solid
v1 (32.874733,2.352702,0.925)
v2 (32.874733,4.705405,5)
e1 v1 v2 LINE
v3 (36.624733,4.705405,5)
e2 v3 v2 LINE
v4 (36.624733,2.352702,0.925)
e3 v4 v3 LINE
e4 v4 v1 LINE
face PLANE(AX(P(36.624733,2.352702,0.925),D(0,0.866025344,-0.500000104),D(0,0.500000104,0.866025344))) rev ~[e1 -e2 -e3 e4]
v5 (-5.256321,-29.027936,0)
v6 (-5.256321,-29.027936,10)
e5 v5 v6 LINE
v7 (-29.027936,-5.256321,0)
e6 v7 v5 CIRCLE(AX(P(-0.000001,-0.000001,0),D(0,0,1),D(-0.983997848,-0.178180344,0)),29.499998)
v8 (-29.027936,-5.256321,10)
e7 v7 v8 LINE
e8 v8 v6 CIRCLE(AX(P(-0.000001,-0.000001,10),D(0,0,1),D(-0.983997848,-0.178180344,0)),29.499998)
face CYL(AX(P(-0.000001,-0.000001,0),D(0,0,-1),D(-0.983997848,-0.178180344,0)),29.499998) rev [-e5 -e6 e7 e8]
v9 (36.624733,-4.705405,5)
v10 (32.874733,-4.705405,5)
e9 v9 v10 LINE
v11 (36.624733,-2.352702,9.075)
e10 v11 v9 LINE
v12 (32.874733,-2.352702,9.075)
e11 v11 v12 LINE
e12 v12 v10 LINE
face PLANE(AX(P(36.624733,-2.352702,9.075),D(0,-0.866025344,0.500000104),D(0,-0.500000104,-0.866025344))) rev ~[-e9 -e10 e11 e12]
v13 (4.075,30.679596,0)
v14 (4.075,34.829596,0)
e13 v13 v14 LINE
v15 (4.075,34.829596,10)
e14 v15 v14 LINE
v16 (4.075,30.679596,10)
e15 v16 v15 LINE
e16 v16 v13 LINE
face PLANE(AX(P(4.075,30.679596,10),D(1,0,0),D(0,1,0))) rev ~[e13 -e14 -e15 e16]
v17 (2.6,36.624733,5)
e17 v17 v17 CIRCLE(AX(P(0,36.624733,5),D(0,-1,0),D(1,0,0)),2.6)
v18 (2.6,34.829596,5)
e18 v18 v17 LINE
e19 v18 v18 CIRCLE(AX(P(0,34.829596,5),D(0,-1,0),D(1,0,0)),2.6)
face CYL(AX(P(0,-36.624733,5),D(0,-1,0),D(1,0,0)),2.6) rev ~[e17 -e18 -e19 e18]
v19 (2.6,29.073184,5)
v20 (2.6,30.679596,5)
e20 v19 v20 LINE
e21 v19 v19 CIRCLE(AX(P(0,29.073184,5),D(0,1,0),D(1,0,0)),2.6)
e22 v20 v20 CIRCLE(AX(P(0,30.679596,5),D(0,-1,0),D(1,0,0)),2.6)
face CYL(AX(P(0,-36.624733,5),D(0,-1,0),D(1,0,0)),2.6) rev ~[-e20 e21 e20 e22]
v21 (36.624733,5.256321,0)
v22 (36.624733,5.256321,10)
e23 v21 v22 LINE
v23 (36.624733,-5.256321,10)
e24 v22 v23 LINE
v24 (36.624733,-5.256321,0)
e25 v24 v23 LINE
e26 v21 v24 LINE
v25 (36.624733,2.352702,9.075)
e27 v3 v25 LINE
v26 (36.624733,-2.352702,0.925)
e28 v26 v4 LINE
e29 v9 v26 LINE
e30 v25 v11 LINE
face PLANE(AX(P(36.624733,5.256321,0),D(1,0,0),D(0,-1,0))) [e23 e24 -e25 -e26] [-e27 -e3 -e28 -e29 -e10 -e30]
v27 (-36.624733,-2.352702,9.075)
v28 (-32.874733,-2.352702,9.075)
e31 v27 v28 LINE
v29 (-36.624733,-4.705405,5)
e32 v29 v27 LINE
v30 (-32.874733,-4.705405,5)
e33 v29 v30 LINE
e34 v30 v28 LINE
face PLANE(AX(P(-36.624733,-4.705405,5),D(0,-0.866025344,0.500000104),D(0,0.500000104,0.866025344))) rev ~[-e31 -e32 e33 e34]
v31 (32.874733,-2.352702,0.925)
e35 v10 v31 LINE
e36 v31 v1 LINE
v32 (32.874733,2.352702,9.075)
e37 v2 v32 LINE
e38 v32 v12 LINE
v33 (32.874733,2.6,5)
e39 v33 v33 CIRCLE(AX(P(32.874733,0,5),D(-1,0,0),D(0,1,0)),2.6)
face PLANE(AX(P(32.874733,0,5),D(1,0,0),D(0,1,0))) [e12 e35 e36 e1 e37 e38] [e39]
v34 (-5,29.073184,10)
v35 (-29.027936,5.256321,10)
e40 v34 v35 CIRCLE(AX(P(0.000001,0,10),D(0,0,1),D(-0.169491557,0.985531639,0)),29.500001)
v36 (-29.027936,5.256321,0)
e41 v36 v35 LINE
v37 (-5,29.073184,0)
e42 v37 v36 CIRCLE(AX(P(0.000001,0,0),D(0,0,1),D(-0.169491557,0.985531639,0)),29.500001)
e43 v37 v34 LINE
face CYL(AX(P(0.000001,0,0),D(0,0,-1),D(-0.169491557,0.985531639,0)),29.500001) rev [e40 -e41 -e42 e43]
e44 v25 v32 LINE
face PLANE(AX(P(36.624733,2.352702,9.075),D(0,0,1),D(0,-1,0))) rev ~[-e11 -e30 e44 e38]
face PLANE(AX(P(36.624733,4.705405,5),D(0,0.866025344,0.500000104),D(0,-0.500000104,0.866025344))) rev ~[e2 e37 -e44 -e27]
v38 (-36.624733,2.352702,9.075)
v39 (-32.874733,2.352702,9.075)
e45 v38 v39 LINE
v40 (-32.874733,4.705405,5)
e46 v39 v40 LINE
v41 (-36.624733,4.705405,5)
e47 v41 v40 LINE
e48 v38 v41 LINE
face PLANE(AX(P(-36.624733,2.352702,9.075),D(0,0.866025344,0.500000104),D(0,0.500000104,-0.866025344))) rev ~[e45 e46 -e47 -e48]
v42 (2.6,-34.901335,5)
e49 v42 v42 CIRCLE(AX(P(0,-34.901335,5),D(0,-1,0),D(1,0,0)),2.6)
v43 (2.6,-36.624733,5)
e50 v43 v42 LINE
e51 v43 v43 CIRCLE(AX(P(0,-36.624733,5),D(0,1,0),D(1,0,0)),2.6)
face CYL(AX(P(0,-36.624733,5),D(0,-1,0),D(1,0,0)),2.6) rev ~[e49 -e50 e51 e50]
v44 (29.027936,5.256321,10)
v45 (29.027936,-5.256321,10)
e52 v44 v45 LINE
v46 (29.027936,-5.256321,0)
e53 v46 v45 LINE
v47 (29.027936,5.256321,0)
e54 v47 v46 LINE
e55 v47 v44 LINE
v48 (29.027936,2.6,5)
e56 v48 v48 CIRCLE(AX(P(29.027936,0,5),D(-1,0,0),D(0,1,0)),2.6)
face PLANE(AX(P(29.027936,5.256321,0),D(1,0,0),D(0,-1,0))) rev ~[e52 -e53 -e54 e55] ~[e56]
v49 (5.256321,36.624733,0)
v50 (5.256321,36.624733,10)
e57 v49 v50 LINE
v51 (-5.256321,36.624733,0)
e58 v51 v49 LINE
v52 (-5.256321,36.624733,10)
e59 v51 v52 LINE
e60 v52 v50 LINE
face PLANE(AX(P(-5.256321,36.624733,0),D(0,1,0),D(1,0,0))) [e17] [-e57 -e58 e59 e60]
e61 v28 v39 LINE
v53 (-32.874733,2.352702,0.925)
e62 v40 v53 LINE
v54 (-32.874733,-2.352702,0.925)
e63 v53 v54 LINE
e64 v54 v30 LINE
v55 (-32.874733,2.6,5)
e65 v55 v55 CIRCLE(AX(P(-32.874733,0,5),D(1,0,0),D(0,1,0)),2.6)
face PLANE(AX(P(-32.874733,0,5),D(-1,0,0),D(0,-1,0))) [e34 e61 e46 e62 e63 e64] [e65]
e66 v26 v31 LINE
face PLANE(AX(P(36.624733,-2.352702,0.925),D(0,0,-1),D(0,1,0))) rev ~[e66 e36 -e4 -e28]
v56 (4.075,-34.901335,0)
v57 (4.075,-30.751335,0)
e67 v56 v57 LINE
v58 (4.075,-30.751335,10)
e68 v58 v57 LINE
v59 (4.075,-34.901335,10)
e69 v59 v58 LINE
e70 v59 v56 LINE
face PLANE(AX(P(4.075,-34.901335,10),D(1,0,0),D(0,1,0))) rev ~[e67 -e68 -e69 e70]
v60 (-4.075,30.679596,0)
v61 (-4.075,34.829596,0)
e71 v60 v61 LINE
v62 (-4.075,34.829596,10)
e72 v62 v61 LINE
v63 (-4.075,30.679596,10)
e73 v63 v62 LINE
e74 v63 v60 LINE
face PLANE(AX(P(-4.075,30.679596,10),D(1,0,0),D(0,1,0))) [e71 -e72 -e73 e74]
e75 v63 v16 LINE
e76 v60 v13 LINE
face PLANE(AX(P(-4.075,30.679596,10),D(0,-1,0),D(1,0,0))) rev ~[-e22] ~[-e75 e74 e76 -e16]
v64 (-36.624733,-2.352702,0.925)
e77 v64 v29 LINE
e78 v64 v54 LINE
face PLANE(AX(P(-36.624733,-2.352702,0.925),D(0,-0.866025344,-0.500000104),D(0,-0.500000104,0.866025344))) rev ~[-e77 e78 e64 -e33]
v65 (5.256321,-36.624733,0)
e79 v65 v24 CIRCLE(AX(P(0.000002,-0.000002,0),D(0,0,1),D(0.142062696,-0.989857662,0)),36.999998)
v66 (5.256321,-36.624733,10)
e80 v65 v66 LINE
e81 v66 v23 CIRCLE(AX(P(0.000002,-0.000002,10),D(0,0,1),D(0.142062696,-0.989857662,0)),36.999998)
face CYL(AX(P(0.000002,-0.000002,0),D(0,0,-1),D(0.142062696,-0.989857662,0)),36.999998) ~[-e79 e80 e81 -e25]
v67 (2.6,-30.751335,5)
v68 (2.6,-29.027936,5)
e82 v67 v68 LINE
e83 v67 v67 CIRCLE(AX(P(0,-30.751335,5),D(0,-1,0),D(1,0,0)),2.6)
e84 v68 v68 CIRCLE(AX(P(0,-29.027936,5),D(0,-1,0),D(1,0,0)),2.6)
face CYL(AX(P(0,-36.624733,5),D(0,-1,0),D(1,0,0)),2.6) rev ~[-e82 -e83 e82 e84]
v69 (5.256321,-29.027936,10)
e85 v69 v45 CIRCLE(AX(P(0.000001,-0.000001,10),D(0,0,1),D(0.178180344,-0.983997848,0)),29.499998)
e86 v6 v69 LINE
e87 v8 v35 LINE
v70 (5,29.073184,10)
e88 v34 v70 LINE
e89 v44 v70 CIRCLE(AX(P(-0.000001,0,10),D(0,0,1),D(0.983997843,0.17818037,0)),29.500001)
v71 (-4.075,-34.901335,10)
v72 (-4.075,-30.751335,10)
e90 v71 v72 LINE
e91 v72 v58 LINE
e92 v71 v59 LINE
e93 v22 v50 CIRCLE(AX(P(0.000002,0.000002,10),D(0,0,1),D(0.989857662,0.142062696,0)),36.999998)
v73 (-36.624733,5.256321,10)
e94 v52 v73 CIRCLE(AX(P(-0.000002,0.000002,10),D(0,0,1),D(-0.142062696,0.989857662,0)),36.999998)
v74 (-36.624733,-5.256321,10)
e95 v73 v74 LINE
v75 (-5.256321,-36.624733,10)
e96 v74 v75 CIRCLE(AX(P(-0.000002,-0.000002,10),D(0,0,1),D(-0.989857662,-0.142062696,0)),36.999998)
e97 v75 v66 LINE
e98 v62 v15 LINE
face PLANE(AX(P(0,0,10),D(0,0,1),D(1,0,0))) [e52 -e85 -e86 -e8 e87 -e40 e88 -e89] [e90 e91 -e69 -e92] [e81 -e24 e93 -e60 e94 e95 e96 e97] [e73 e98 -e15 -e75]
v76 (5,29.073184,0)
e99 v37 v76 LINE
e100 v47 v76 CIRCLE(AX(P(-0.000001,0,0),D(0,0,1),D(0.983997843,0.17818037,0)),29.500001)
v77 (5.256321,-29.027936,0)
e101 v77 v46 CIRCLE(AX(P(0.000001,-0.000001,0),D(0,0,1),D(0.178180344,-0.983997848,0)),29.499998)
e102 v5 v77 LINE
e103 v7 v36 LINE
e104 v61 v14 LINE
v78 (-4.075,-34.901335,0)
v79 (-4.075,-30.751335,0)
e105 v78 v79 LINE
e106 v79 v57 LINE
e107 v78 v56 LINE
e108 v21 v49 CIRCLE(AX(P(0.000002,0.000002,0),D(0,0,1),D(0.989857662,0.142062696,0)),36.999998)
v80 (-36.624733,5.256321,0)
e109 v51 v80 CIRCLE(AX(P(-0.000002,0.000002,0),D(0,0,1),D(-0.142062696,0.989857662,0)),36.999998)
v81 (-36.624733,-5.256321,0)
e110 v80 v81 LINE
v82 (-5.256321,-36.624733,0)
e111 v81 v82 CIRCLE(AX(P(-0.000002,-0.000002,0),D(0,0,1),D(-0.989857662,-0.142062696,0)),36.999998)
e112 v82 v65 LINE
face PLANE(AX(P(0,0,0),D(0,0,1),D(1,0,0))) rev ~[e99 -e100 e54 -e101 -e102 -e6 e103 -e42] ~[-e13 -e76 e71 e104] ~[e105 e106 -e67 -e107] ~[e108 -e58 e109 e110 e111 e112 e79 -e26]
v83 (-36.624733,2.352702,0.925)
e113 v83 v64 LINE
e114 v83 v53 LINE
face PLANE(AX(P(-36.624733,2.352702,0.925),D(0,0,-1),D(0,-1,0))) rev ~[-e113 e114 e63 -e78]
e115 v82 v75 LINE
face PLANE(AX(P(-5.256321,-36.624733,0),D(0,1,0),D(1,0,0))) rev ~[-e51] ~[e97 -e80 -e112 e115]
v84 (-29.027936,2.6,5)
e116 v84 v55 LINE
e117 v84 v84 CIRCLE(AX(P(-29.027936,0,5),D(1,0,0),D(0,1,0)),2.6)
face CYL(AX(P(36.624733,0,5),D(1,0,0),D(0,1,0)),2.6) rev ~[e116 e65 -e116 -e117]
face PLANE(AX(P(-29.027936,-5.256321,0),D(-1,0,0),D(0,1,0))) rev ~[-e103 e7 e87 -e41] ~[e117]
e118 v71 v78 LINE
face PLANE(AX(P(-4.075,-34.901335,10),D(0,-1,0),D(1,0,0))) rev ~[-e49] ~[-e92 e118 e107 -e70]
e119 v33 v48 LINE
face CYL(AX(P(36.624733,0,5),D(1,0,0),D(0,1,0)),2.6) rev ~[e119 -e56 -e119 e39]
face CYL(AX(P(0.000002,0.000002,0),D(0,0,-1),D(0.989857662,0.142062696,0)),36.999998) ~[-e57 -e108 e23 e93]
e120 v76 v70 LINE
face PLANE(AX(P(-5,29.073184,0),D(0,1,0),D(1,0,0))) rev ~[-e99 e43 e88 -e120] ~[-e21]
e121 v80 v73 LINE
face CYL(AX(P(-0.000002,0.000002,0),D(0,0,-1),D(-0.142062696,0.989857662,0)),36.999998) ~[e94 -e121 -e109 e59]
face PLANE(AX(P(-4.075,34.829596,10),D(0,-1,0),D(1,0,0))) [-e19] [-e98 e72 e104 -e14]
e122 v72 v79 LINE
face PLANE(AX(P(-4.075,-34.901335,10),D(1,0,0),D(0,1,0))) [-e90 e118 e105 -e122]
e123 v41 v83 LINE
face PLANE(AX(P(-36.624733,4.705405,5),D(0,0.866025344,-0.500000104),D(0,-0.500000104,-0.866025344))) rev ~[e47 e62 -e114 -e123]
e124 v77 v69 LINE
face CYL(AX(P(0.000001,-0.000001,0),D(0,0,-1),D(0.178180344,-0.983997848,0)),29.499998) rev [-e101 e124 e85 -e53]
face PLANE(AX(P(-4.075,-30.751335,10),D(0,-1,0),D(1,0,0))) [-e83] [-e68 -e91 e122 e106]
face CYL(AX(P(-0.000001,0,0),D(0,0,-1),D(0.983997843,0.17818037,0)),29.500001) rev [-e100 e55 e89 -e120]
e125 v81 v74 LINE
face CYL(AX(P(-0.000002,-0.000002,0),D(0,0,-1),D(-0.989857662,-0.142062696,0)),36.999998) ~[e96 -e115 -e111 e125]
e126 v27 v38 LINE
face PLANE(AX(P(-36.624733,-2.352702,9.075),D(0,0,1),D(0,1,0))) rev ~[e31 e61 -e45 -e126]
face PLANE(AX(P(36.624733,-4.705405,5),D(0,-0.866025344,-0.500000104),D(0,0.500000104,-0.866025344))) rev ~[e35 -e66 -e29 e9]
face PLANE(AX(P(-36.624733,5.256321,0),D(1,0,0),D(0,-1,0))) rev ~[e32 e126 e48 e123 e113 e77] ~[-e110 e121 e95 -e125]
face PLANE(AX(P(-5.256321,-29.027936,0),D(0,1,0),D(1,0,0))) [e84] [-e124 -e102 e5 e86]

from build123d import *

# Parameters (mm, degrees)
PAD008_DEPTH          = 10
SKETCH025_R           = 2.6
POCKET015_DEPTH       = 73.249467
POCKET016_DEPTH       = 3.75
POLARPATTERN005_COUNT = 2
POLARPATTERN006_COUNT = 4
SKETCH026_W           = 8.15
SKETCH026_H           = 4.15
POCKET017_DEPTH       = 10


with BuildPart() as part:
    # Sketch023 → Pad008 (new body)
    with BuildSketch(Plane.XY):
        with BuildLine():
            Line((-36.624733, 5.256321), (-36.624733, -5.256321))
            ThreePointArc((-36.624733, -5.256321), (-26.162951, -26.162951), (-5.256321, -36.624733))
            Line((-5.256321, -36.624733), (5.256321, -36.624733))
            ThreePointArc((5.256321, -36.624733), (26.162951, -26.162951), (36.624733, -5.256321))
            Line((36.624733, 5.256321), (36.624733, -5.256321))
            ThreePointArc((36.624733, 5.256321), (26.162951, 26.162951), (5.256321, 36.624733))
            Line((-5.256321, 36.624733), (5.256321, 36.624733))
            ThreePointArc((-5.256321, 36.624733), (-26.162951, 26.162951), (-36.624733, 5.256321))
        make_face()
        with BuildLine():
            Line((-29.027936, -5.256321), (-29.027936, 5.256321))
            ThreePointArc((-5, 29.073184), (-20.767423, 20.951471), (-29.027936, 5.256321))
            Line((-5, 29.073184), (5, 29.073184))
            ThreePointArc((29.027936, 5.256321), (20.767423, 20.951471), (5, 29.073184))
            Line((29.027936, 5.256321), (29.027936, -5.256321))
            ThreePointArc((5.256321, -29.027936), (20.85965, -20.85965), (29.027936, -5.256321))
            Line((-5.256321, -29.027936), (5.256321, -29.027936))
            ThreePointArc((-29.027936, -5.256321), (-20.85965, -20.85965), (-5.256321, -29.027936))
        make_face(mode=Mode.SUBTRACT)
    extrude(amount=PAD008_DEPTH)

    # Sketch025 (on Face4 of Pad008) → Pocket015 (cut)
    with BuildSketch(Plane.XZ.offset(36.624733)):
        with Locations((0, 5)):
            Circle(SKETCH025_R)
    pocket015 = extrude(amount=-POCKET015_DEPTH, mode=Mode.SUBTRACT)

    # Sketch024 (on Face6 of Pad008) → Pocket016 (cut)
    with BuildSketch(Plane.YZ.offset(36.624733)):
        Polygon((4.705405, 5), (2.352702, 9.075), (-2.352702, 9.075), (-4.705405, 5), (-2.352702, 0.925), (2.352702, 0.925), align=None)
    pocket016 = extrude(amount=-POCKET016_DEPTH, mode=Mode.SUBTRACT)

    # PolarPattern005: Pocket016 ×2 about axis
    polarpattern005_axis = Axis((0, 0, 0), (0, 0, 1))
    for i in range(1, POLARPATTERN005_COUNT):
        add(pocket016.rotate(polarpattern005_axis, i * 360 / POLARPATTERN005_COUNT), mode=Mode.SUBTRACT)

    # PolarPattern006: Pocket015 ×4 about axis
    polarpattern006_axis = Axis((0, 0, 0), (0, 0, 1))
    for i in range(1, POLARPATTERN006_COUNT):
        add(pocket015.rotate(polarpattern006_axis, i * 360 / POLARPATTERN006_COUNT), mode=Mode.SUBTRACT)

    # Sketch026 (on Face5 of PolarPattern006) → Pocket017 (cut)
    with BuildSketch(Plane.XY.offset(10)):
        with Locations((0, -32.826335)):
            Rectangle(SKETCH026_W, SKETCH026_H)
        with Locations((0, 32.754596)):
            Rectangle(SKETCH026_W, SKETCH026_H)
    extrude(amount=-POCKET017_DEPTH, mode=Mode.SUBTRACT)


solid = part.part
